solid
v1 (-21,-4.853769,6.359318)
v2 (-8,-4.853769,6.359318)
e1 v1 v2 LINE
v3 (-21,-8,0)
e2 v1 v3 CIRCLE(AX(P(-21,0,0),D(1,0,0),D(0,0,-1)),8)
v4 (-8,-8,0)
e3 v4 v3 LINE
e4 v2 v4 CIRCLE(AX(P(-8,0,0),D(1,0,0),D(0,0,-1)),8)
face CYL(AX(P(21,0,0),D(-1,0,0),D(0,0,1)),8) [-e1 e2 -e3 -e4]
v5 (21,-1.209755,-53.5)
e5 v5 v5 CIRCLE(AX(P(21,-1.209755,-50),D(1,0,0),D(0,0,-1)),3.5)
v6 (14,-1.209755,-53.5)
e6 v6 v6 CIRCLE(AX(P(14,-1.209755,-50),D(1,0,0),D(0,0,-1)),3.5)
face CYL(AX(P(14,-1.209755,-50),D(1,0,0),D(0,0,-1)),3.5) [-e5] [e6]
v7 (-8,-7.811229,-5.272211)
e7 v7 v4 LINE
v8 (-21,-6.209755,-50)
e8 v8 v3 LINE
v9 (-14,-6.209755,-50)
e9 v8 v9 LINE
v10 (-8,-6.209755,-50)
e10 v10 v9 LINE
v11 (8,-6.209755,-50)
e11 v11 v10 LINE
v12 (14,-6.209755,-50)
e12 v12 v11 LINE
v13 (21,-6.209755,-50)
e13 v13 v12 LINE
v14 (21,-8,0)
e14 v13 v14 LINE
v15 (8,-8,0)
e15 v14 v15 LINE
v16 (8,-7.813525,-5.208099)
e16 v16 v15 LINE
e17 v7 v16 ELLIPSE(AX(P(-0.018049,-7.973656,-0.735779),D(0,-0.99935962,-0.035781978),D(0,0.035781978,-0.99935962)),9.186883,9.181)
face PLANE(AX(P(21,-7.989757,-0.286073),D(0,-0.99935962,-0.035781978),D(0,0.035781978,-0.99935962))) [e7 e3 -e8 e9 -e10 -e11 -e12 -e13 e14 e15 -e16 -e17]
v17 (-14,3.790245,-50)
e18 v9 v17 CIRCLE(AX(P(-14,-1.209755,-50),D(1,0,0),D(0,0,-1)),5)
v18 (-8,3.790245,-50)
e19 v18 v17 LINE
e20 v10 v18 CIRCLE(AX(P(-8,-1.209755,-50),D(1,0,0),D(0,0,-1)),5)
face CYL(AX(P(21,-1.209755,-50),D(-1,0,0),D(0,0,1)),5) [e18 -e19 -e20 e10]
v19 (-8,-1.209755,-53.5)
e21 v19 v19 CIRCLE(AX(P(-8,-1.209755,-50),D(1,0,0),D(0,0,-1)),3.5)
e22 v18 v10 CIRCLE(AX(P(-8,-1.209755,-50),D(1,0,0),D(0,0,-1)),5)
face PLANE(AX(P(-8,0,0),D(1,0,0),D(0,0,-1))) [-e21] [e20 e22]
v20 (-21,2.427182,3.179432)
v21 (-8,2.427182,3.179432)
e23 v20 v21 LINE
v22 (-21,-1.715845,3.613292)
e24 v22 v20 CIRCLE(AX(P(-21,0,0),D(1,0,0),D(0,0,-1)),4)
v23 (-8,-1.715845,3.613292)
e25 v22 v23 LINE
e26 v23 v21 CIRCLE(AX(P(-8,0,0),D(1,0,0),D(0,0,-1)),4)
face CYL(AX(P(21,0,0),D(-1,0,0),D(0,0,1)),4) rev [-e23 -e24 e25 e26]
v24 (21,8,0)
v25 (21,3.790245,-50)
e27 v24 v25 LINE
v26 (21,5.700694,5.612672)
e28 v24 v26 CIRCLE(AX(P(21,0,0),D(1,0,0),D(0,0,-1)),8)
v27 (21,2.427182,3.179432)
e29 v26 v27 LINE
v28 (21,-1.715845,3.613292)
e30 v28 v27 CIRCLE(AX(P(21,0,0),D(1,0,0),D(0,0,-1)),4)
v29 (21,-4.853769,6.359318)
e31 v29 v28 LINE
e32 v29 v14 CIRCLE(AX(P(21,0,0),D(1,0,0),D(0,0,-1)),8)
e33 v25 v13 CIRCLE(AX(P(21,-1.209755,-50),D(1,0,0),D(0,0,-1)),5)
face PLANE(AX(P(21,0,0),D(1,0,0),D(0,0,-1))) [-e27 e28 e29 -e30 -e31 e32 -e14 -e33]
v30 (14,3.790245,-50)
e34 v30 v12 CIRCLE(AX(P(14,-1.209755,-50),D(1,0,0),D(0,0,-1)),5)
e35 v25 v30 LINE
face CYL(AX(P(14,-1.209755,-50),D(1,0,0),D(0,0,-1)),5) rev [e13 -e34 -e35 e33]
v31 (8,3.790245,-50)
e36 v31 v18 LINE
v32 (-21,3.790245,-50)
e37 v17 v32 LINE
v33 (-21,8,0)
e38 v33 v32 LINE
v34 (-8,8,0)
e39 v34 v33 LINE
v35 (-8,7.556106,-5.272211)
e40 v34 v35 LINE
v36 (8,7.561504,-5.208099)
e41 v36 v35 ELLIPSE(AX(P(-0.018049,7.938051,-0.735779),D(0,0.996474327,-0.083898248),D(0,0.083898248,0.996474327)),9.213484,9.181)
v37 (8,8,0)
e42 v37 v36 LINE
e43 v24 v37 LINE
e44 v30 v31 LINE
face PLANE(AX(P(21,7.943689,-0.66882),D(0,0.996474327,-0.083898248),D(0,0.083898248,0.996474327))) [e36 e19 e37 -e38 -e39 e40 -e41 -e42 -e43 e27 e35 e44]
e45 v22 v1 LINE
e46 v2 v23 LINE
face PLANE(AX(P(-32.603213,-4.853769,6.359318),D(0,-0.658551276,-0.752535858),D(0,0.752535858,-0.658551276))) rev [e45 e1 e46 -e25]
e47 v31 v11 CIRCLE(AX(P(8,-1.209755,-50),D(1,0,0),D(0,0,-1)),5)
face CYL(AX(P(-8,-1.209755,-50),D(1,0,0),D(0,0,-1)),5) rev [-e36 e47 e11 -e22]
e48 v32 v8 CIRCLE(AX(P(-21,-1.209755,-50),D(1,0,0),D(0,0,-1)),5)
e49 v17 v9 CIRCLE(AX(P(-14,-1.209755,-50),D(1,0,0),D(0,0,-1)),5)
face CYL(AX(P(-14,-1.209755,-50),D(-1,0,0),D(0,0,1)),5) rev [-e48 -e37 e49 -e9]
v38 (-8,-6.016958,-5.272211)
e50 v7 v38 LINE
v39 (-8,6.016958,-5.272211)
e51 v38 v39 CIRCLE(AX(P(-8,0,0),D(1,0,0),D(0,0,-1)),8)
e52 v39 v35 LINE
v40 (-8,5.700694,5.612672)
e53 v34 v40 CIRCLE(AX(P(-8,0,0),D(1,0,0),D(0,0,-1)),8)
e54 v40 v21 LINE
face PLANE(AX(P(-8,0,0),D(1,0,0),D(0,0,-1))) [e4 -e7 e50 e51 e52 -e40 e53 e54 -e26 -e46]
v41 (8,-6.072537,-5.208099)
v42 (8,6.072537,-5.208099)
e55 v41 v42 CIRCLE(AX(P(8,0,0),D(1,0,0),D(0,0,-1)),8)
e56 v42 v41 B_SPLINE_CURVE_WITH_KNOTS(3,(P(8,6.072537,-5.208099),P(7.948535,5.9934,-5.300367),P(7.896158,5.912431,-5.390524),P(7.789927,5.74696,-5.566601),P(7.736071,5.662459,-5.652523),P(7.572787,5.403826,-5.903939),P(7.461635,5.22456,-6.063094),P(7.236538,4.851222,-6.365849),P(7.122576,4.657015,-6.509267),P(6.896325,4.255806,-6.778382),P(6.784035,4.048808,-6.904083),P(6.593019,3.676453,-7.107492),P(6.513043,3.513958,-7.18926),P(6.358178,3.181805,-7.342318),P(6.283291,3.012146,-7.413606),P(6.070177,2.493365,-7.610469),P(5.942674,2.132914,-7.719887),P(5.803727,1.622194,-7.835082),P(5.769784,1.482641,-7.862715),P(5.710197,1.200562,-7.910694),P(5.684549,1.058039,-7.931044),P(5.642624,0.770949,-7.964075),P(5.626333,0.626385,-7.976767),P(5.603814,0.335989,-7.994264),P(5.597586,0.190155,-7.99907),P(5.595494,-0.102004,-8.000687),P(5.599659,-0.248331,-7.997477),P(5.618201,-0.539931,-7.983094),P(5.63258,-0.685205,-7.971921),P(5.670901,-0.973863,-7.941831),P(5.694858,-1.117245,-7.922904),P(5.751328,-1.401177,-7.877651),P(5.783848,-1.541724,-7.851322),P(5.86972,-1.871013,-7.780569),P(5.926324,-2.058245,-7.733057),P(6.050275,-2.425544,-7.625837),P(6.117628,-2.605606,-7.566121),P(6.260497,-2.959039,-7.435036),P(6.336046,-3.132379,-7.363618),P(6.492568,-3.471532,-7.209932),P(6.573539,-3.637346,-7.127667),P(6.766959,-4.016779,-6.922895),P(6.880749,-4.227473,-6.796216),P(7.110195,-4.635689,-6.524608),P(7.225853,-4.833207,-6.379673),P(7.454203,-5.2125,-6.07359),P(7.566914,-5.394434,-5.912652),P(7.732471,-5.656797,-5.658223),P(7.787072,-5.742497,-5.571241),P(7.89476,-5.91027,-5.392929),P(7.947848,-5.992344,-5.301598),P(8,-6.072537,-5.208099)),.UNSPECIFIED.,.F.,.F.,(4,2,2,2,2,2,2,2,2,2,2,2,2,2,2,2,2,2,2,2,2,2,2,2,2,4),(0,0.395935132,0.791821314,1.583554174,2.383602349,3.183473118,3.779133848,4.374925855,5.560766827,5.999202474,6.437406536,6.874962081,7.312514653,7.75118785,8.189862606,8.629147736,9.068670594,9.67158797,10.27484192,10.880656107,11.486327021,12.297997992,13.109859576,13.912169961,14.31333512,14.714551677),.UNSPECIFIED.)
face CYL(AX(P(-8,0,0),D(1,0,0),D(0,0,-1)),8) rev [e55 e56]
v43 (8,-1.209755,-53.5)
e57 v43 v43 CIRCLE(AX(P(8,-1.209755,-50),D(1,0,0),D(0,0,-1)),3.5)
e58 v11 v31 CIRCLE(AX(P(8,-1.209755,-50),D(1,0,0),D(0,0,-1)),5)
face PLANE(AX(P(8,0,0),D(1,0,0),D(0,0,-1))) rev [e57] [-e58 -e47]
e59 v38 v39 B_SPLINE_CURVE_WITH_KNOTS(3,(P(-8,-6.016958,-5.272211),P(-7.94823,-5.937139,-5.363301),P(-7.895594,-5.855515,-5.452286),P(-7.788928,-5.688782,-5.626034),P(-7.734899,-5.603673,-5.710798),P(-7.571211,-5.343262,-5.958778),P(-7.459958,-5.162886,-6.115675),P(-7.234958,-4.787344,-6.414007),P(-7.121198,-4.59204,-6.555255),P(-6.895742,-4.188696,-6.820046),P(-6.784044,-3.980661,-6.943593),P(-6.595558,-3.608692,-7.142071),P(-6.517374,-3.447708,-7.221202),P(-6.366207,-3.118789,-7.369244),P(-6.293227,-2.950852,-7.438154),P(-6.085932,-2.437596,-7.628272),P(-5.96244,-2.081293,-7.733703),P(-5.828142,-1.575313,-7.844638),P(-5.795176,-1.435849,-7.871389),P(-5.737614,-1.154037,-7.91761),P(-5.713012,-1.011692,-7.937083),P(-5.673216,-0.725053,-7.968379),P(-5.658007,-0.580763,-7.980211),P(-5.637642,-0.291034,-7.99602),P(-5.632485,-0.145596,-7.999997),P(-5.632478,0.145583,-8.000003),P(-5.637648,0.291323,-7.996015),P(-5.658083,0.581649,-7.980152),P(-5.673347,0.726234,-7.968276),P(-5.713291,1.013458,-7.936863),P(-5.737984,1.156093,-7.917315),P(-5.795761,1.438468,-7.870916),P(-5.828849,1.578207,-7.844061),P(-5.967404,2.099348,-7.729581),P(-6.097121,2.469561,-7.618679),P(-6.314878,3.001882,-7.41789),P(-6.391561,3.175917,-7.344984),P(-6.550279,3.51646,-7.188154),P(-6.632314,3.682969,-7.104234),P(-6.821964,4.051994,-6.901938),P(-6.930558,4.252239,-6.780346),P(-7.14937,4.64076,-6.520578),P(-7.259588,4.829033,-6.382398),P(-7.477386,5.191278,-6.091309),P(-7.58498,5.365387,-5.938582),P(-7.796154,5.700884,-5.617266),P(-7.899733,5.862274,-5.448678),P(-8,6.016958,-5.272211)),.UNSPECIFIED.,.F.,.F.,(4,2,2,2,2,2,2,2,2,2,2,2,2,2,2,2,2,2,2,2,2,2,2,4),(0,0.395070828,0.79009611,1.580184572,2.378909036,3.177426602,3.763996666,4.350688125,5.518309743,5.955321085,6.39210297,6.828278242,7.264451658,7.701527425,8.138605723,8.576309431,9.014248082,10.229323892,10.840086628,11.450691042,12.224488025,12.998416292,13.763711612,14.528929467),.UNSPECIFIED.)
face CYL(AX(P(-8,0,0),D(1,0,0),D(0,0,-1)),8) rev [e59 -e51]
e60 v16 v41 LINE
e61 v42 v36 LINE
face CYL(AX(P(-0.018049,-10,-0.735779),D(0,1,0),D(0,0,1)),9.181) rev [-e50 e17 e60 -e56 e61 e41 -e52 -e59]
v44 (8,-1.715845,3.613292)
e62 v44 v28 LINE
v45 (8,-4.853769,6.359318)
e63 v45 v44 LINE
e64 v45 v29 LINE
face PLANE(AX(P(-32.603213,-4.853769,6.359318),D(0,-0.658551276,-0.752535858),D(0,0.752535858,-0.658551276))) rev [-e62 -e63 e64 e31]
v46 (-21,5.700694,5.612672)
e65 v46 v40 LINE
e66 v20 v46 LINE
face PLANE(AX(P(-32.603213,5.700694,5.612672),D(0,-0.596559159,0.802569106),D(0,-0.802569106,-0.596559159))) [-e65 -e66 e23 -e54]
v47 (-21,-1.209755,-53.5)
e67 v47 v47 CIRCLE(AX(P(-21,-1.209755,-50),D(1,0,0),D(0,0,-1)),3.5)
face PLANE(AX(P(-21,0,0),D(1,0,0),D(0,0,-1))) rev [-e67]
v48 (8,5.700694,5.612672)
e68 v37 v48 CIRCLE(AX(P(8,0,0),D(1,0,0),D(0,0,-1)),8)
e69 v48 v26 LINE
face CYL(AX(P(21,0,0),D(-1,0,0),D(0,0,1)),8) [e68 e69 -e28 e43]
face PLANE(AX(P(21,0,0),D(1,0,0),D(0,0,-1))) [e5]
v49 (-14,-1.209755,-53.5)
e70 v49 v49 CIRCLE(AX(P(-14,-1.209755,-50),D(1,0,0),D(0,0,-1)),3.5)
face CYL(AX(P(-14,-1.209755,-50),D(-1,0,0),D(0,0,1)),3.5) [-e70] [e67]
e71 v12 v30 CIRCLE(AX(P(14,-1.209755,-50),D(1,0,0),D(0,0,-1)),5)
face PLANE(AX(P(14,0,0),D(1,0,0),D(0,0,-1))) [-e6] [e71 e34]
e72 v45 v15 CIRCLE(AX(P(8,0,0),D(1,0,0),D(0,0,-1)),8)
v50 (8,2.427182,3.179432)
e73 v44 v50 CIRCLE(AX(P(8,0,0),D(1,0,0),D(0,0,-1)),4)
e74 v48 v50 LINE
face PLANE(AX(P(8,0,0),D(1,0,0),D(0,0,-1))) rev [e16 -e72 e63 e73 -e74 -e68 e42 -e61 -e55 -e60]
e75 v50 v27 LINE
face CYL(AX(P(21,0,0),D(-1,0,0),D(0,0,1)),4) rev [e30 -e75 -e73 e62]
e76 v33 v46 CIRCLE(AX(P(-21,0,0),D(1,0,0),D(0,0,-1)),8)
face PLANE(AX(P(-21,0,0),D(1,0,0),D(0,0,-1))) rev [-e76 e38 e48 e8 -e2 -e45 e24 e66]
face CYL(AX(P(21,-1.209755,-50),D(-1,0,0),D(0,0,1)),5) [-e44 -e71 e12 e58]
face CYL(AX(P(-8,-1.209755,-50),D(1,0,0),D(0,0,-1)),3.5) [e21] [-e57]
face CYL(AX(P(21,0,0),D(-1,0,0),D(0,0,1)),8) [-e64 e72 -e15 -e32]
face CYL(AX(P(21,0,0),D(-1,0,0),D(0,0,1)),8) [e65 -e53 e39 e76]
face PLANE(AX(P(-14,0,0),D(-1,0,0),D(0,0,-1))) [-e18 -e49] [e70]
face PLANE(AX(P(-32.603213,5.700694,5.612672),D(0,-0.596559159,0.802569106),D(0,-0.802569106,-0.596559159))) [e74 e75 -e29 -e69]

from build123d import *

# Parameters (mm, degrees)
SKETCH1_R           = 4
SKETCH1_R_2         = 5
SKETCH1_R_3         = 3.5
BOSS_EXTRUDE1_DEPTH = 21
SKETCH1_4_R         = 4
CUT_EXTRUDE2_DEPTH  = 8
SKETCH1_5_R         = 5
SKETCH1_5_R_2       = 3.5
CUT_EXTRUDE3_DEPTH  = 8
CUT_EXTRUDE4_START  = 21
SKETCH1_6_R         = 5
SKETCH1_6_R_2       = 3.5
CUT_EXTRUDE4_DEPTH  = 7
CUT_EXTRUDE5_DEPTH  = 10
CUT_EXTRUDE6_REACH  = 71.663


with BuildPart() as part:
    # Sketch1 → Boss-Extrude1 (new, symmetric)
    # profile 1 of 4: a face of its own
    with BuildSketch(Plane(origin=(0, 0, 0), x_dir=(0, 0, -1), z_dir=(1, 0, 0))):
        with BuildLine():
            Line((50, 3.790245356), (1.337639211, 7.887377342))
            ThreePointArc((1.337639211, 7.887377342), (6.111510193, 5.162309866), (8, 0))
            ThreePointArc((8, 0), (5.855645149, -5.450818277), (0.572145029, -7.9795144))
            Line((0.572145029, -7.9795144), (50, -6.209754644))
            ThreePointArc((50, -6.209754644), (45, -1.209754644), (50, 3.790245356))
        make_face()
    # profile 2 of 4: a face of its own
    with BuildSketch(Plane(origin=(0, 0, 0), x_dir=(0, 0, -1), z_dir=(1, 0, 0))):
        with BuildLine():
            Line((1.337639211, 7.887377342), (0, 8))
            ThreePointArc((0, 8), (-8, 0), (0, -8))
            Line((0, -8), (0.572145029, -7.9795144))
            ThreePointArc((0.572145029, -7.9795144), (5.855645149, -5.450818277), (8, 0))
            ThreePointArc((8, 0), (6.111510193, 5.162309866), (1.337639211, 7.887377342))
        make_face()
        with Locations(Location((0, 0, 0), (0, 0, 180))):
            Circle(SKETCH1_R, mode=Mode.SUBTRACT)
    # profile 3 of 4: a face of its own
    with BuildSketch(Plane(origin=(0, 0, 0), x_dir=(0, 0, -1), z_dir=(1, 0, 0))):
        with Locations((50, -1.209754644)):
            Circle(SKETCH1_R_2)
        with Locations((50, -1.209754644)):
            Circle(SKETCH1_R_3, mode=Mode.SUBTRACT)
    # profile 4 of 4: a face of its own
    with BuildSketch(Plane(origin=(0, 0, 0), x_dir=(0, 0, -1), z_dir=(1, 0, 0))):
        with Locations((50, -1.209754644)):
            Circle(SKETCH1_R_3)
    extrude(amount=BOSS_EXTRUDE1_DEPTH, both=True)

    # Sketch1<4> → Cut-Extrude2 (cut, symmetric)
    with BuildSketch(Plane(origin=(0, 0, 0), x_dir=(0, 0, -1), z_dir=(1, 0, 0))):
        with BuildLine():
            Line((1.337639211, 7.887377342), (0, 8))
            ThreePointArc((0, 8), (-8, 0), (0, -8))
            Line((0, -8), (0.572145029, -7.9795144))
            ThreePointArc((0.572145029, -7.9795144), (5.855645149, -5.450818277), (8, 0))
            ThreePointArc((8, 0), (6.111510193, 5.162309866), (1.337639211, 7.887377342))
        make_face()
        with Locations(Location((0, 0, 0), (0, 0, 180))):
            Circle(SKETCH1_4_R, mode=Mode.SUBTRACT)
    extrude(amount=CUT_EXTRUDE2_DEPTH, both=True, mode=Mode.SUBTRACT)

    # Sketch1<5> → Cut-Extrude3 (cut, symmetric)
    with BuildSketch(Plane(origin=(0, 0, 0), x_dir=(0, 0, -1), z_dir=(1, 0, 0))):
        with Locations((50, -1.209754644)):
            Circle(SKETCH1_5_R)
        with Locations((50, -1.209754644)):
            Circle(SKETCH1_5_R_2, mode=Mode.SUBTRACT)
    extrude(amount=CUT_EXTRUDE3_DEPTH, both=True, mode=Mode.SUBTRACT)

    # Sketch1<6> → Cut-Extrude4 (cut)
    with BuildSketch(Plane(origin=(0, 0, 0), x_dir=(0, 0, -1), z_dir=(1, 0, 0)).offset(CUT_EXTRUDE4_START)):
        with Locations((50, -1.209754644)):
            Circle(SKETCH1_6_R)
        with Locations((50, -1.209754644)):
            Circle(SKETCH1_6_R_2, mode=Mode.SUBTRACT)
    cut_extrude4 = extrude(amount=-CUT_EXTRUDE4_DEPTH, mode=Mode.SUBTRACT)

    # Mirror1: Cut-Extrude4 across plane
    add(cut_extrude4.mirror(Plane(origin=(0, 0, 0), x_dir=(0, 0, 1), z_dir=(1, 0, 0))), mode=Mode.SUBTRACT)

    # Sketch3 → Cut-Extrude5 (cut, symmetric)
    with BuildSketch(Plane(origin=(0, 0, 0), x_dir=(1, 0, 0), z_dir=(0, 1, 0))):
        with BuildLine():
            Line((-8, 5.272211447), (-8, -3.420978971))
            Line((-8, -3.420978971), (8, -3.420978971))
            Line((8, -3.420978971), (8, 5.208098852))
            ThreePointArc((8, 5.208098852), (0.018739109, 9.916704947), (-8, 5.272211447))
        make_face()
    extrude(amount=CUT_EXTRUDE5_DEPTH, both=True, mode=Mode.SUBTRACT)

    # Cut-Extrude6: up to this face of the body (flat: up to its plane)
    cut_extrude6_end = Plane(part.part.faces().sort_by_distance((-21, -0.477188429, -19.332209002))[0])
    # Sketch4 → Cut-Extrude6 (cut, up to the picked face)
    with BuildSketch(Plane(origin=(21, 0, 0), x_dir=(0, 0, -1), z_dir=(1, 0, 0)), mode=Mode.PRIVATE) as cut_extrude6_sk1:
        with BuildLine():
            Line((-5.612672438, 5.700693652), (-3.179432131, 2.427181766))
            ThreePointArc((-3.179432131, 2.427181766), (-3.978246032, 0.416603538), (-3.613291572, -1.715844985))
            Line((-3.613291572, -1.715844985), (-6.359318362, -4.853768636))
            ThreePointArc((-6.359318362, -4.853768636), (-7.980056984, 0.564526819), (-5.612672438, 5.700693652))
        make_face()
    cut_extrude6_tool1 = split(extrude(cut_extrude6_sk1.sketch, amount=-CUT_EXTRUDE6_REACH, mode=Mode.PRIVATE), bisect_by=cut_extrude6_end, keep=Keep.BOTH, mode=Mode.PRIVATE)
    add(cut_extrude6_tool1.solids().sort_by(Axis((21, 0.46282, 5.810666), (-1, 0, 0)))[0], mode=Mode.SUBTRACT)


solid = part.part
